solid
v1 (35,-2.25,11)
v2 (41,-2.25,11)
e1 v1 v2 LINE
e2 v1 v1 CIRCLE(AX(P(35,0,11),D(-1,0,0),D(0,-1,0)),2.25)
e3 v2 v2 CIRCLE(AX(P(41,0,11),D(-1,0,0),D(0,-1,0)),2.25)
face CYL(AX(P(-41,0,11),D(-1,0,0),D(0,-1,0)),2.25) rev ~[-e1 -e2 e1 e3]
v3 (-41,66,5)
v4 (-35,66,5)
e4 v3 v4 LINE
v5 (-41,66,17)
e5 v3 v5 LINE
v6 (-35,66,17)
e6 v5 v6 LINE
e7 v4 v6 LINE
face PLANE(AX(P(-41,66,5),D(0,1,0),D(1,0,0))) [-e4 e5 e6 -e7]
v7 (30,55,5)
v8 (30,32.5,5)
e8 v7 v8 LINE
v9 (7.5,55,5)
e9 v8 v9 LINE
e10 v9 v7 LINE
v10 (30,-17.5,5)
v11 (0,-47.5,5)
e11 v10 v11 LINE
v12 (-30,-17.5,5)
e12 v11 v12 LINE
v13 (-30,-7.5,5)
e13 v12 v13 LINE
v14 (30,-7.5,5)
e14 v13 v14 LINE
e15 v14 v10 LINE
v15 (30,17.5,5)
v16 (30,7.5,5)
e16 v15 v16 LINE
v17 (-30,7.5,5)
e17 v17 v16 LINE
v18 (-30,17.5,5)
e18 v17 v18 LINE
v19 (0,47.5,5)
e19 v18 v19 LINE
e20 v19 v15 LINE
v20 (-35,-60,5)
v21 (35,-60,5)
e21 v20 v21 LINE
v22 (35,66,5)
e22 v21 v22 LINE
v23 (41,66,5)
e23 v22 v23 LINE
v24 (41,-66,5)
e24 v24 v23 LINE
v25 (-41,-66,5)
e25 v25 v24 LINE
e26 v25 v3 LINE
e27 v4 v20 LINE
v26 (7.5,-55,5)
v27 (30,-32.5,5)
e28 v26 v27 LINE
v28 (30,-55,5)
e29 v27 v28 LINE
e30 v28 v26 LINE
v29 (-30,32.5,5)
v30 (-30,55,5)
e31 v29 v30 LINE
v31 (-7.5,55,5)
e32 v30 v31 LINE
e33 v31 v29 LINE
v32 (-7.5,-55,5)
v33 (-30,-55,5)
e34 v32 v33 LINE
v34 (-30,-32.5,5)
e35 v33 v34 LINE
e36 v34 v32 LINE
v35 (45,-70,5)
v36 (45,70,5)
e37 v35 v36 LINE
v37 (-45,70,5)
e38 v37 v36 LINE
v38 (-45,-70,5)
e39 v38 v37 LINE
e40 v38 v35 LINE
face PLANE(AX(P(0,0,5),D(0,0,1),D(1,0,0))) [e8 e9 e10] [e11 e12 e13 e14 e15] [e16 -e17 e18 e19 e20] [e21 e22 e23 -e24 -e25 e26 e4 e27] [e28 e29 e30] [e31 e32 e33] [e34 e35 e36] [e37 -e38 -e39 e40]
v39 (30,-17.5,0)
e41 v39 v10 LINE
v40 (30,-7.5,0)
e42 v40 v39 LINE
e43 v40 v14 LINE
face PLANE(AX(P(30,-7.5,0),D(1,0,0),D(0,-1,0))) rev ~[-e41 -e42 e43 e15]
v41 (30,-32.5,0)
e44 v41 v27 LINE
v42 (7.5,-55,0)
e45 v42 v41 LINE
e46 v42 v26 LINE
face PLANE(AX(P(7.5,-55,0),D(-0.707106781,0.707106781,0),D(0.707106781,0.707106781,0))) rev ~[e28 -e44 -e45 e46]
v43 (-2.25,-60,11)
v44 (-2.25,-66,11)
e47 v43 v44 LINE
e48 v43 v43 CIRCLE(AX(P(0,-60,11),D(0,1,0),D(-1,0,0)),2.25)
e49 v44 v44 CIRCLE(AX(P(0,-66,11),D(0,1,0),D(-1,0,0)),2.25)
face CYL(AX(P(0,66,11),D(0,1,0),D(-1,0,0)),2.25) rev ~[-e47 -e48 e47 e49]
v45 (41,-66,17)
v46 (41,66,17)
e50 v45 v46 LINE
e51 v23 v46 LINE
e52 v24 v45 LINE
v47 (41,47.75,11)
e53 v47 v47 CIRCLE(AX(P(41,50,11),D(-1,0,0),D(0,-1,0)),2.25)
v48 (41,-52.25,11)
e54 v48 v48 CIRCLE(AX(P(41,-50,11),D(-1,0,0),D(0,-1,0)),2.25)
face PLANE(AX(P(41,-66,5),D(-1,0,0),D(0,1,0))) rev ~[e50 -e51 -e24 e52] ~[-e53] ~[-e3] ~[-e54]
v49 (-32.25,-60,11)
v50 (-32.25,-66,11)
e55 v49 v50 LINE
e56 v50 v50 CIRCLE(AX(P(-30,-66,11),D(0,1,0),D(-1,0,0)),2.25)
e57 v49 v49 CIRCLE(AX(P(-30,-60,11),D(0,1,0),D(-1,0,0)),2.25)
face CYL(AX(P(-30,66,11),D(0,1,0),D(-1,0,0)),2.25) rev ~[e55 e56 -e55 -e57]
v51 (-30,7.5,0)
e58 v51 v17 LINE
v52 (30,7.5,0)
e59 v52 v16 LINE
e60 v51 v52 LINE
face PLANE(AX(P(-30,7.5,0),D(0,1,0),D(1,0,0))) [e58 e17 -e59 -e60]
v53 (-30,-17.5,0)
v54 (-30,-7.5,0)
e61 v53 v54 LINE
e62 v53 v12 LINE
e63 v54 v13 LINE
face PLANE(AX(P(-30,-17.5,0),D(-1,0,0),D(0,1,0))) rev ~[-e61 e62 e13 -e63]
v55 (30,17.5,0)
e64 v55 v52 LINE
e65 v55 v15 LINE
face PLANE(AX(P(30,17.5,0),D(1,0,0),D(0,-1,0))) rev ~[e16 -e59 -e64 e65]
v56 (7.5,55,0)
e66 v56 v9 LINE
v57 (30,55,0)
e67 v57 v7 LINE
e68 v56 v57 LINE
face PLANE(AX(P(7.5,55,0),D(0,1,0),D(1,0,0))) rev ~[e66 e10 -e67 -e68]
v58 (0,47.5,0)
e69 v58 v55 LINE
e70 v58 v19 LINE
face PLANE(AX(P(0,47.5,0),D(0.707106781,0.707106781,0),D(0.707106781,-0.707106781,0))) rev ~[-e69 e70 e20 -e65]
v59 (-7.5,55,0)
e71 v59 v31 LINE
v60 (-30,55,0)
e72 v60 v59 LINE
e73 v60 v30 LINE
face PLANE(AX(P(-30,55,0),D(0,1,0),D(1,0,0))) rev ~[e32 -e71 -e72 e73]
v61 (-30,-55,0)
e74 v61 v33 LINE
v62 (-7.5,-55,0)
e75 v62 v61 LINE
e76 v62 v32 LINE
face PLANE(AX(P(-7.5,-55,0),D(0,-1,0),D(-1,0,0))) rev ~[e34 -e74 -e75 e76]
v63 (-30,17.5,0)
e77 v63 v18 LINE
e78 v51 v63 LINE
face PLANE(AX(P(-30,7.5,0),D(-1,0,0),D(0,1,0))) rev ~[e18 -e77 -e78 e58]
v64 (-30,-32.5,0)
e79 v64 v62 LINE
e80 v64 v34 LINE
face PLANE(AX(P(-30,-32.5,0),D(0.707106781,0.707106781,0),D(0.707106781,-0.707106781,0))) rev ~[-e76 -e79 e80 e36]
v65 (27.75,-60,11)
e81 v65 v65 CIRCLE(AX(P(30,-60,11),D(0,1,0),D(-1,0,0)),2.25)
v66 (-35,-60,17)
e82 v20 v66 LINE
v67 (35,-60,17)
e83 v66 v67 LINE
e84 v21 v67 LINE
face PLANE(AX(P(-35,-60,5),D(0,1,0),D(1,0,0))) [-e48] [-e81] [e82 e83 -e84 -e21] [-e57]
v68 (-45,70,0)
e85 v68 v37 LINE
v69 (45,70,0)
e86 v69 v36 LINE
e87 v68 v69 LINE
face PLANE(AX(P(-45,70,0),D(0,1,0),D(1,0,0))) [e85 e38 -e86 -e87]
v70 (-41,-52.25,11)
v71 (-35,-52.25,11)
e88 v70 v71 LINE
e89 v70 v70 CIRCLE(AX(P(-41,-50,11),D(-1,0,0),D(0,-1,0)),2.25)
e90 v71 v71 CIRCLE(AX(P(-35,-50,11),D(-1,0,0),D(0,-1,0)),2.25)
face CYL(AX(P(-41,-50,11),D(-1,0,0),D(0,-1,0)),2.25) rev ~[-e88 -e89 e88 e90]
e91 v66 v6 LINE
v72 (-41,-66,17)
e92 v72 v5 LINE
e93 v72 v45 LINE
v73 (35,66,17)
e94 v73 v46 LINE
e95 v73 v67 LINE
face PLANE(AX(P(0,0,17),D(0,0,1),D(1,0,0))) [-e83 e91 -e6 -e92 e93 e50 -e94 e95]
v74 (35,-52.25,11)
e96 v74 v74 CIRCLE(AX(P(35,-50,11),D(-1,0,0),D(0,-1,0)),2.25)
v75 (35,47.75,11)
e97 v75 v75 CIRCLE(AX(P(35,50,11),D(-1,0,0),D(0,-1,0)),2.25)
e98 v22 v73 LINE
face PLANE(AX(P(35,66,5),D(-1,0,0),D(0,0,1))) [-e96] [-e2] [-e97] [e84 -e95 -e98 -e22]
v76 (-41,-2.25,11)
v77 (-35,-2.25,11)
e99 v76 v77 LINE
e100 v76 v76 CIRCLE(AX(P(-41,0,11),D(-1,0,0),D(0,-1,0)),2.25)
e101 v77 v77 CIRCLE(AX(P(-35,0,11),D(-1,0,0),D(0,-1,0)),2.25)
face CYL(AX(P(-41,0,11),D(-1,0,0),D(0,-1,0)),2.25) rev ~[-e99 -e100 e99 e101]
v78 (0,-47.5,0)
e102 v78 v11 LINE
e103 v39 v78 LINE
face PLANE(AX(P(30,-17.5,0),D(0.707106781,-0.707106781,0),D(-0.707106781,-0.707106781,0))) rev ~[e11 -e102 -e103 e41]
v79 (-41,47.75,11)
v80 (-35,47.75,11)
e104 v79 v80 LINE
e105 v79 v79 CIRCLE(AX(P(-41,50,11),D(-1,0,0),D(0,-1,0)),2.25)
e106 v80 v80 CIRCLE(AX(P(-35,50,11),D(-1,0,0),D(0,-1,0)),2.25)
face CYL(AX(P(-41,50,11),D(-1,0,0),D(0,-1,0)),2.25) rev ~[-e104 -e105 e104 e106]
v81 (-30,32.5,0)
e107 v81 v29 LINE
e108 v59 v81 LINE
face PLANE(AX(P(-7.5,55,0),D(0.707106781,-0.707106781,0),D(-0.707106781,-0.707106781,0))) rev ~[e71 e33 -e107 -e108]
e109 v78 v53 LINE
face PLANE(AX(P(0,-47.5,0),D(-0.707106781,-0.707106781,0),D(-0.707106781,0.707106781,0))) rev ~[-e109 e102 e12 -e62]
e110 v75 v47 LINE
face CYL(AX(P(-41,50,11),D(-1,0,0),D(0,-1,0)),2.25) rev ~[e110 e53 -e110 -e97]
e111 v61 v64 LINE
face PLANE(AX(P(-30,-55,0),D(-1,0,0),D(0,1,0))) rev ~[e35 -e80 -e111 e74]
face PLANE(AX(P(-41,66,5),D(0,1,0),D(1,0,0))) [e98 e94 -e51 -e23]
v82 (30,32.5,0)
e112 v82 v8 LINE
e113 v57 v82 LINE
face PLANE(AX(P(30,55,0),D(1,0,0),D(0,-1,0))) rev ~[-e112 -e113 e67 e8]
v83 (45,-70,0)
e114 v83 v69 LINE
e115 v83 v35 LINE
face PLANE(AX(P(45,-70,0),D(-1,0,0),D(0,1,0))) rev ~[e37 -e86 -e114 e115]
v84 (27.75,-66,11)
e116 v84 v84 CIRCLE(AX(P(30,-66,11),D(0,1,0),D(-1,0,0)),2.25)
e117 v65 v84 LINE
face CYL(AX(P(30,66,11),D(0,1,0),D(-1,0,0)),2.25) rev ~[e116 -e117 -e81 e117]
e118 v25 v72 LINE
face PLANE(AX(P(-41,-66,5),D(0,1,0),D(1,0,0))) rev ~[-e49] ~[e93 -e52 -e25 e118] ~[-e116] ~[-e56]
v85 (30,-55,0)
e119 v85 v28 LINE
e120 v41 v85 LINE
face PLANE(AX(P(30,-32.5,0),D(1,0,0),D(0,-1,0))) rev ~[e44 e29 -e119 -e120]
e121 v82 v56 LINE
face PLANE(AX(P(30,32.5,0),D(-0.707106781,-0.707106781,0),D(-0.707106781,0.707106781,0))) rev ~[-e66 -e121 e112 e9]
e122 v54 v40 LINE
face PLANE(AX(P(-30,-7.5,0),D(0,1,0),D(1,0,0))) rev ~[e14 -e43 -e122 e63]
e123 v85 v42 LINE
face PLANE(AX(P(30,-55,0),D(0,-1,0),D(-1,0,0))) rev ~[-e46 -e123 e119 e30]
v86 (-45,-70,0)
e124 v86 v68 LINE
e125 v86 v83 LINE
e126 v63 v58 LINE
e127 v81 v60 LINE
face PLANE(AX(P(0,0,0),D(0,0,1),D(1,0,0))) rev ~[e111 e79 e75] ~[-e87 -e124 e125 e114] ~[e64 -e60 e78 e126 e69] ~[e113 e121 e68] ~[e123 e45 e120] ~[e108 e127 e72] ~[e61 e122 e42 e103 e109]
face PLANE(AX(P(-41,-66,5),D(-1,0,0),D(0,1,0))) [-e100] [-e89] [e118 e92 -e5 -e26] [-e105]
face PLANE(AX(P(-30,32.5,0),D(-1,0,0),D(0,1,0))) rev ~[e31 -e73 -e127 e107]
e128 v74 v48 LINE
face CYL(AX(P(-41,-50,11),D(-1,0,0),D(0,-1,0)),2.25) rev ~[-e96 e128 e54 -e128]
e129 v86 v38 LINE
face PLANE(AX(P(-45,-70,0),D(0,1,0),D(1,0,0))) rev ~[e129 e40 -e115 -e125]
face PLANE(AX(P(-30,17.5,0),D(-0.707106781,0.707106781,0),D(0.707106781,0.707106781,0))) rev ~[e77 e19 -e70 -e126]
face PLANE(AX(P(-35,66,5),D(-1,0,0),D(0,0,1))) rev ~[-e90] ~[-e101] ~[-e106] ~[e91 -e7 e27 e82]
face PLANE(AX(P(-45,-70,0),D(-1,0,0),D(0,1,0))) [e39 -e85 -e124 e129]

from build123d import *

# Parameters (mm, degrees)
F0_W     = 90
F0_H     = 140
F0_W_2   = 60
F0_H_2   = 15
F1_DEPTH = 5
F2_W     = 82
F2_H     = 132
F2_W_2   = 70
F2_H_2   = 120
F3_DEPTH = 12
F4_R     = 2.25
F5_DEPTH = 86.001
F6_R     = 2.25
F7_DEPTH = 136.001
F8_W     = 70
F8_H     = 12
F8_R     = 2.25
F9_DEPTH = 6


with BuildPart() as f1:
    # F0 (on Top) → F1 (new body)
    with BuildSketch(Plane.XY):
        Rectangle(F0_W, F0_H)
        Polygon((-30, 32.5), (-30, 55), (-7.5, 55), (7.5, 55), (30, 55), (30, 32.5), (30, 17.5), (30, 7.5), (30, -7.5), (30, -17.5), (30, -32.5), (30, -55), (7.5, -55), (-7.5, -55), (-30, -55), (-30, -32.5), (-30, -17.5), (-30, -7.5), (-30, 7.5), (-30, 17.5), align=None, mode=Mode.SUBTRACT)
        Polygon((7.5, 55), (-7.5, 55), (-30, 32.5), (-30, 17.5), (0, 47.5), (30, 17.5), (30, 32.5), align=None)
        Polygon((0, -47.5), (-30, -17.5), (-30, -32.5), (-7.5, -55), (7.5, -55), (30, -32.5), (30, -17.5), align=None)
        Rectangle(F0_W_2, F0_H_2)
    extrude(amount=F1_DEPTH)

    # F2 (on face) → F3 (join)
    with BuildSketch(Plane.XY.offset(5)):
        Rectangle(F2_W, F2_H)
        Rectangle(F2_W_2, F2_H_2, mode=Mode.SUBTRACT)
    extrude(amount=F3_DEPTH)

    # F4 (on face) → F5 (cut, through all)
    with BuildSketch(Plane(origin=(-41, 0, 0), x_dir=(0, -1, 0), z_dir=(-1, 0, 0))):
        with Locations((-50, 11)):
            Circle(F4_R)
        with Locations((0, 11)):
            Circle(F4_R)
        with Locations((50, 11)):
            Circle(F4_R)
    extrude(amount=-F5_DEPTH, mode=Mode.SUBTRACT)

    # F6 (on face) → F7 (cut, through all)
    with BuildSketch(Plane(origin=(0, 66, 0), x_dir=(-1, 0, 0), z_dir=(0, 1, 0))):
        with Locations((-30, 11)):
            Circle(F6_R)
        with Locations((0, 11)):
            Circle(F6_R)
        with Locations((30, 11)):
            Circle(F6_R)
    extrude(amount=-F7_DEPTH, mode=Mode.SUBTRACT)

    # F8 (on face) → F9 (cut, through all)
    with BuildSketch(Plane(origin=(0, 66, 0), x_dir=(-1, 0, 0), z_dir=(0, 1, 0))):
        with Locations((0, 11)):
            Rectangle(F8_W, F8_H)
        with Locations((-30, 11)):
            Circle(F8_R, mode=Mode.SUBTRACT)
        with Locations((0, 11)):
            Circle(F8_R, mode=Mode.SUBTRACT)
        with Locations((30, 11)):
            Circle(F8_R, mode=Mode.SUBTRACT)
    extrude(amount=-F9_DEPTH, mode=Mode.SUBTRACT)


solid = f1.part
